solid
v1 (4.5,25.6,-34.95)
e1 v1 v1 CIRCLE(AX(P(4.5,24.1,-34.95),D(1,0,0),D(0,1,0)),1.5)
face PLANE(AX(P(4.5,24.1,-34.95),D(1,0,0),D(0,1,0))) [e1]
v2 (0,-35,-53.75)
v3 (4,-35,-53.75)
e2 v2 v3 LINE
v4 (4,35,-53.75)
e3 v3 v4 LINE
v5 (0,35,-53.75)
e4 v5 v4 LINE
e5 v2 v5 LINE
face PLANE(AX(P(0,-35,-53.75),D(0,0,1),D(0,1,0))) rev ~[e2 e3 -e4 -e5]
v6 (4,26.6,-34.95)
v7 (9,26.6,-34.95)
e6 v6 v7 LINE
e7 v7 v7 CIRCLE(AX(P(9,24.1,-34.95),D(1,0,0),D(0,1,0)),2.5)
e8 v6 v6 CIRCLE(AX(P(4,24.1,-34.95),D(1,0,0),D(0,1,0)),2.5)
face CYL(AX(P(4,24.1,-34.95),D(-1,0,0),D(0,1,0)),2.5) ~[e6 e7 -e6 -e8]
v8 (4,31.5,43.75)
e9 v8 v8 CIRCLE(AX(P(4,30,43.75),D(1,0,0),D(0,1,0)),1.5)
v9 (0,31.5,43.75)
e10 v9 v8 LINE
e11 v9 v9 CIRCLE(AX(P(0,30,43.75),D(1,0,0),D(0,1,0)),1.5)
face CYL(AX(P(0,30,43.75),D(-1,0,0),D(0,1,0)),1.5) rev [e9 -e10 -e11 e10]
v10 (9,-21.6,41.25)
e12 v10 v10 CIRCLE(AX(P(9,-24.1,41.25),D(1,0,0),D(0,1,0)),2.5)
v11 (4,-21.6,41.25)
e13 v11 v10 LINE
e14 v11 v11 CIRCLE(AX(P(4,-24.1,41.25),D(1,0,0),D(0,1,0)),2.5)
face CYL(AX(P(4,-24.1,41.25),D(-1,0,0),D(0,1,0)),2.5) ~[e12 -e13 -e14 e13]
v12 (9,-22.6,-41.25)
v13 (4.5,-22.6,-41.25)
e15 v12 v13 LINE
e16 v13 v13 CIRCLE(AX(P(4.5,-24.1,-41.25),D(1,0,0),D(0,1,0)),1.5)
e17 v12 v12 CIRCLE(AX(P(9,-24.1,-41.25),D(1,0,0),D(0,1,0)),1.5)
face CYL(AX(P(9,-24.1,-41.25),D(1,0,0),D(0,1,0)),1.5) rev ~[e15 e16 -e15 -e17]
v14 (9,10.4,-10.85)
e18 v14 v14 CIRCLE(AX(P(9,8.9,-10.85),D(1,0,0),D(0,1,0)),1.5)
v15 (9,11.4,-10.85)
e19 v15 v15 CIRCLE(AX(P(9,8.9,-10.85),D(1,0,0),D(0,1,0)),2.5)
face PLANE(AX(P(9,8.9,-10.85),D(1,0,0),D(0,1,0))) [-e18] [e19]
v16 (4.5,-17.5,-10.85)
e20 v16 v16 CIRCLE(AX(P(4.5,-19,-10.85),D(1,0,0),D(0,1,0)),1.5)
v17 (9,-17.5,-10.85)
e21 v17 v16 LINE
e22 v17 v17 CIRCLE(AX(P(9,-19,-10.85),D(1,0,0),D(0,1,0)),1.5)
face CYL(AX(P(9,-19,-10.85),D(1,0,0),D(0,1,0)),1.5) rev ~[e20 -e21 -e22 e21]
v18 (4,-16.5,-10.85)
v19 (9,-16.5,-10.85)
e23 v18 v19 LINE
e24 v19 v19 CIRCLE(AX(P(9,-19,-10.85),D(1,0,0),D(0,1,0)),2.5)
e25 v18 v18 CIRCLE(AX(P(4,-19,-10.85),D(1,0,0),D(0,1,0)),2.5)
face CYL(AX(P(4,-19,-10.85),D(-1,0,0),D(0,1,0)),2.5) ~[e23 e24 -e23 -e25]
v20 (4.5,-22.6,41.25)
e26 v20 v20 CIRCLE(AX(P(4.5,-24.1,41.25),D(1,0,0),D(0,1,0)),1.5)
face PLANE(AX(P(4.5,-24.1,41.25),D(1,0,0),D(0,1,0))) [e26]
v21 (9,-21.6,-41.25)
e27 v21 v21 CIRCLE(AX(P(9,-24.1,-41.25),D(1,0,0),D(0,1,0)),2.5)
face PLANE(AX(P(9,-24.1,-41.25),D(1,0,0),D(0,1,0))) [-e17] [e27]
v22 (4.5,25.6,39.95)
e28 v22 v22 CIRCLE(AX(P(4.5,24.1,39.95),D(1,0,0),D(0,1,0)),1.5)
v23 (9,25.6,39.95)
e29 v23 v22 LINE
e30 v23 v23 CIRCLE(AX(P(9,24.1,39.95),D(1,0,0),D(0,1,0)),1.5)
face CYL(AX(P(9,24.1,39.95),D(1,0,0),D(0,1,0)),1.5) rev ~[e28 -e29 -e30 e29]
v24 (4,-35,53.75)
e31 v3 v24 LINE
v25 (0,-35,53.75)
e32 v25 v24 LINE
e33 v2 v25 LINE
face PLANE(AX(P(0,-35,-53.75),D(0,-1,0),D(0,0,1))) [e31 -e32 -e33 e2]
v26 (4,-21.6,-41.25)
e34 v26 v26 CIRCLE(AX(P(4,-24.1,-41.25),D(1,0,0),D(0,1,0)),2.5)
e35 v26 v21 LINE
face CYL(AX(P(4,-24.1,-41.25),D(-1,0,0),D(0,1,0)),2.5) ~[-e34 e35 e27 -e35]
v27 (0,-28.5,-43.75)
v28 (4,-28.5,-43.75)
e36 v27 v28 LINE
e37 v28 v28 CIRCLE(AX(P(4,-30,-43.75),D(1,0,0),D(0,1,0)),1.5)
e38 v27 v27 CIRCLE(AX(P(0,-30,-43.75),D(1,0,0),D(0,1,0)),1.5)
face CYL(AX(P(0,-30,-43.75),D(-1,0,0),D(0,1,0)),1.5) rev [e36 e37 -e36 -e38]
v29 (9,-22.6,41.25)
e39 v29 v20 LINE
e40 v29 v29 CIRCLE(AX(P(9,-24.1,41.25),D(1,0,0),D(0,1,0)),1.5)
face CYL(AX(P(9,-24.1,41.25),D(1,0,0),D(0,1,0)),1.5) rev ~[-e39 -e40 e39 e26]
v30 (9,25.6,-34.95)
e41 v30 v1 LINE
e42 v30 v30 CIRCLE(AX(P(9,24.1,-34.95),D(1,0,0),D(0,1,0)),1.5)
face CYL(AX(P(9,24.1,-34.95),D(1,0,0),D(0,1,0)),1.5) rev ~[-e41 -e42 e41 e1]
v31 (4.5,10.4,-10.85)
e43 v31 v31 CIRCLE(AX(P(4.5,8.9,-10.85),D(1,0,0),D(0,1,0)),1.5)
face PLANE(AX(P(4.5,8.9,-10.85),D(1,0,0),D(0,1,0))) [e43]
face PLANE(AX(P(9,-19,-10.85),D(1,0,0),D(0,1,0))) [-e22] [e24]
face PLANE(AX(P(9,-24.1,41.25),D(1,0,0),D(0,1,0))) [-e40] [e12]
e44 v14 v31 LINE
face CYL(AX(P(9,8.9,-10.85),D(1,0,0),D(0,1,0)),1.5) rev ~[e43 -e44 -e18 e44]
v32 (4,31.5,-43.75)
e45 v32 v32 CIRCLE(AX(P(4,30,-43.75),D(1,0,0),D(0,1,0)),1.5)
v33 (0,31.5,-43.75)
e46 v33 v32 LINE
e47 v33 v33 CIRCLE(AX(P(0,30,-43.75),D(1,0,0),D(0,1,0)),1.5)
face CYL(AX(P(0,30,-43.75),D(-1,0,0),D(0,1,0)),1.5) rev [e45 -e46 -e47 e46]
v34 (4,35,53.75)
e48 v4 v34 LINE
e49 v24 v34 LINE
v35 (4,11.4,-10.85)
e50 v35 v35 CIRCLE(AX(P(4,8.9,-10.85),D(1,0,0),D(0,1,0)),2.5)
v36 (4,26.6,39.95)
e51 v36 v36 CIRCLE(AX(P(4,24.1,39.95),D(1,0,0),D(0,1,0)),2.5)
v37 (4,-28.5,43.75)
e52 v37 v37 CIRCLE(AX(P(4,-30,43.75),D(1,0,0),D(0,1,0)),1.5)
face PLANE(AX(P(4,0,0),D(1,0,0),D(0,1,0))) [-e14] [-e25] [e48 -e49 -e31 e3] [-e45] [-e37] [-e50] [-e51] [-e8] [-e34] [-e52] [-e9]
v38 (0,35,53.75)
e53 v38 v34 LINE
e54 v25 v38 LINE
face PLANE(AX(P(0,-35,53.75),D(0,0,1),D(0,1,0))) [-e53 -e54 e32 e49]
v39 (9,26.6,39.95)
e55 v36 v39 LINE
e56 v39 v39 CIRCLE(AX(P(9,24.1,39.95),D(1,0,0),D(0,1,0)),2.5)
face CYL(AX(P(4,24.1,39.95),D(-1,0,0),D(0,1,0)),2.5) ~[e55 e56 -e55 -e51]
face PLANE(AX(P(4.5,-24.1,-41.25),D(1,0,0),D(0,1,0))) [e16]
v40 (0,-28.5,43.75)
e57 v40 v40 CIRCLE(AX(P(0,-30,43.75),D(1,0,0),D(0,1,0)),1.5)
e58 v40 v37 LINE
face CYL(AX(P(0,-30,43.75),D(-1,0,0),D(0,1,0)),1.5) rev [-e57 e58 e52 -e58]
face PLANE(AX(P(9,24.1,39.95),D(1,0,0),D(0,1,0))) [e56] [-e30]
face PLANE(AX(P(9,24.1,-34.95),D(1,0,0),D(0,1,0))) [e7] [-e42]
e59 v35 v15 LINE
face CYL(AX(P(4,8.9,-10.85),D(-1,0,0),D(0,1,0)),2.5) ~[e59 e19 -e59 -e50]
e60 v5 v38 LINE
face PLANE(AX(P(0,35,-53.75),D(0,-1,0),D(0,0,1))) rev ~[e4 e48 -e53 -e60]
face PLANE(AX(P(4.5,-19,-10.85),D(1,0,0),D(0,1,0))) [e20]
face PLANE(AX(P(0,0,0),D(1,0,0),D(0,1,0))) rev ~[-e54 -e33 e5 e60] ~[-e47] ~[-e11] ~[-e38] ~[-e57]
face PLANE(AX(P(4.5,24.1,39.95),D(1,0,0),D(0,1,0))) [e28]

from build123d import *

# Parameters (mm, degrees)
SKETCH010_W     = 70
SKETCH010_H     = 107.5
SKETCH010_R     = 1.5
PAD004_DEPTH    = 4
SKETCH011_R     = 2.5
PAD005_DEPTH    = 5
SKETCH012_R     = 1.5
POCKET001_DEPTH = 4.5


with BuildPart() as part:
    # Sketch010 → Pad004 (new body)
    with BuildSketch(Plane.YZ):
        Rectangle(SKETCH010_W, SKETCH010_H)
        with Locations((-30, 43.75)):
            Circle(SKETCH010_R, mode=Mode.SUBTRACT)
        with Locations((30, 43.75)):
            Circle(SKETCH010_R, mode=Mode.SUBTRACT)
        with Locations((-30, -43.75)):
            Circle(SKETCH010_R, mode=Mode.SUBTRACT)
        with Locations((30, -43.75)):
            Circle(SKETCH010_R, mode=Mode.SUBTRACT)
    extrude(amount=PAD004_DEPTH)

    # Sketch011 (on Face10 of Pad004) → Pad005 (join)
    with BuildSketch(Plane.YZ.offset(4)):
        with Locations((-24.1, 41.25)):
            Circle(SKETCH011_R)
        with Locations((24.1, 39.95)):
            Circle(SKETCH011_R)
        with Locations((-19, -10.85)):
            Circle(SKETCH011_R)
        with Locations((8.9, -10.85)):
            Circle(SKETCH011_R)
        with Locations((24.1, -34.95)):
            Circle(SKETCH011_R)
        with Locations((-24.1, -41.25)):
            Circle(SKETCH011_R)
    extrude(amount=PAD005_DEPTH)

    # Sketch012 (on Face20 of Pad005) → Pocket001 (cut)
    with BuildSketch(Plane.YZ.offset(9)):
        with Locations((-24.1, 41.25)):
            Circle(SKETCH012_R)
        with Locations((24.1, 39.95)):
            Circle(SKETCH012_R)
        with Locations((-19, -10.85)):
            Circle(SKETCH012_R)
        with Locations((8.9, -10.85)):
            Circle(SKETCH012_R)
        with Locations((24.1, -34.95)):
            Circle(SKETCH012_R)
        with Locations((-24.1, -41.25)):
            Circle(SKETCH012_R)
    extrude(amount=-POCKET001_DEPTH, mode=Mode.SUBTRACT)


solid = part.part
